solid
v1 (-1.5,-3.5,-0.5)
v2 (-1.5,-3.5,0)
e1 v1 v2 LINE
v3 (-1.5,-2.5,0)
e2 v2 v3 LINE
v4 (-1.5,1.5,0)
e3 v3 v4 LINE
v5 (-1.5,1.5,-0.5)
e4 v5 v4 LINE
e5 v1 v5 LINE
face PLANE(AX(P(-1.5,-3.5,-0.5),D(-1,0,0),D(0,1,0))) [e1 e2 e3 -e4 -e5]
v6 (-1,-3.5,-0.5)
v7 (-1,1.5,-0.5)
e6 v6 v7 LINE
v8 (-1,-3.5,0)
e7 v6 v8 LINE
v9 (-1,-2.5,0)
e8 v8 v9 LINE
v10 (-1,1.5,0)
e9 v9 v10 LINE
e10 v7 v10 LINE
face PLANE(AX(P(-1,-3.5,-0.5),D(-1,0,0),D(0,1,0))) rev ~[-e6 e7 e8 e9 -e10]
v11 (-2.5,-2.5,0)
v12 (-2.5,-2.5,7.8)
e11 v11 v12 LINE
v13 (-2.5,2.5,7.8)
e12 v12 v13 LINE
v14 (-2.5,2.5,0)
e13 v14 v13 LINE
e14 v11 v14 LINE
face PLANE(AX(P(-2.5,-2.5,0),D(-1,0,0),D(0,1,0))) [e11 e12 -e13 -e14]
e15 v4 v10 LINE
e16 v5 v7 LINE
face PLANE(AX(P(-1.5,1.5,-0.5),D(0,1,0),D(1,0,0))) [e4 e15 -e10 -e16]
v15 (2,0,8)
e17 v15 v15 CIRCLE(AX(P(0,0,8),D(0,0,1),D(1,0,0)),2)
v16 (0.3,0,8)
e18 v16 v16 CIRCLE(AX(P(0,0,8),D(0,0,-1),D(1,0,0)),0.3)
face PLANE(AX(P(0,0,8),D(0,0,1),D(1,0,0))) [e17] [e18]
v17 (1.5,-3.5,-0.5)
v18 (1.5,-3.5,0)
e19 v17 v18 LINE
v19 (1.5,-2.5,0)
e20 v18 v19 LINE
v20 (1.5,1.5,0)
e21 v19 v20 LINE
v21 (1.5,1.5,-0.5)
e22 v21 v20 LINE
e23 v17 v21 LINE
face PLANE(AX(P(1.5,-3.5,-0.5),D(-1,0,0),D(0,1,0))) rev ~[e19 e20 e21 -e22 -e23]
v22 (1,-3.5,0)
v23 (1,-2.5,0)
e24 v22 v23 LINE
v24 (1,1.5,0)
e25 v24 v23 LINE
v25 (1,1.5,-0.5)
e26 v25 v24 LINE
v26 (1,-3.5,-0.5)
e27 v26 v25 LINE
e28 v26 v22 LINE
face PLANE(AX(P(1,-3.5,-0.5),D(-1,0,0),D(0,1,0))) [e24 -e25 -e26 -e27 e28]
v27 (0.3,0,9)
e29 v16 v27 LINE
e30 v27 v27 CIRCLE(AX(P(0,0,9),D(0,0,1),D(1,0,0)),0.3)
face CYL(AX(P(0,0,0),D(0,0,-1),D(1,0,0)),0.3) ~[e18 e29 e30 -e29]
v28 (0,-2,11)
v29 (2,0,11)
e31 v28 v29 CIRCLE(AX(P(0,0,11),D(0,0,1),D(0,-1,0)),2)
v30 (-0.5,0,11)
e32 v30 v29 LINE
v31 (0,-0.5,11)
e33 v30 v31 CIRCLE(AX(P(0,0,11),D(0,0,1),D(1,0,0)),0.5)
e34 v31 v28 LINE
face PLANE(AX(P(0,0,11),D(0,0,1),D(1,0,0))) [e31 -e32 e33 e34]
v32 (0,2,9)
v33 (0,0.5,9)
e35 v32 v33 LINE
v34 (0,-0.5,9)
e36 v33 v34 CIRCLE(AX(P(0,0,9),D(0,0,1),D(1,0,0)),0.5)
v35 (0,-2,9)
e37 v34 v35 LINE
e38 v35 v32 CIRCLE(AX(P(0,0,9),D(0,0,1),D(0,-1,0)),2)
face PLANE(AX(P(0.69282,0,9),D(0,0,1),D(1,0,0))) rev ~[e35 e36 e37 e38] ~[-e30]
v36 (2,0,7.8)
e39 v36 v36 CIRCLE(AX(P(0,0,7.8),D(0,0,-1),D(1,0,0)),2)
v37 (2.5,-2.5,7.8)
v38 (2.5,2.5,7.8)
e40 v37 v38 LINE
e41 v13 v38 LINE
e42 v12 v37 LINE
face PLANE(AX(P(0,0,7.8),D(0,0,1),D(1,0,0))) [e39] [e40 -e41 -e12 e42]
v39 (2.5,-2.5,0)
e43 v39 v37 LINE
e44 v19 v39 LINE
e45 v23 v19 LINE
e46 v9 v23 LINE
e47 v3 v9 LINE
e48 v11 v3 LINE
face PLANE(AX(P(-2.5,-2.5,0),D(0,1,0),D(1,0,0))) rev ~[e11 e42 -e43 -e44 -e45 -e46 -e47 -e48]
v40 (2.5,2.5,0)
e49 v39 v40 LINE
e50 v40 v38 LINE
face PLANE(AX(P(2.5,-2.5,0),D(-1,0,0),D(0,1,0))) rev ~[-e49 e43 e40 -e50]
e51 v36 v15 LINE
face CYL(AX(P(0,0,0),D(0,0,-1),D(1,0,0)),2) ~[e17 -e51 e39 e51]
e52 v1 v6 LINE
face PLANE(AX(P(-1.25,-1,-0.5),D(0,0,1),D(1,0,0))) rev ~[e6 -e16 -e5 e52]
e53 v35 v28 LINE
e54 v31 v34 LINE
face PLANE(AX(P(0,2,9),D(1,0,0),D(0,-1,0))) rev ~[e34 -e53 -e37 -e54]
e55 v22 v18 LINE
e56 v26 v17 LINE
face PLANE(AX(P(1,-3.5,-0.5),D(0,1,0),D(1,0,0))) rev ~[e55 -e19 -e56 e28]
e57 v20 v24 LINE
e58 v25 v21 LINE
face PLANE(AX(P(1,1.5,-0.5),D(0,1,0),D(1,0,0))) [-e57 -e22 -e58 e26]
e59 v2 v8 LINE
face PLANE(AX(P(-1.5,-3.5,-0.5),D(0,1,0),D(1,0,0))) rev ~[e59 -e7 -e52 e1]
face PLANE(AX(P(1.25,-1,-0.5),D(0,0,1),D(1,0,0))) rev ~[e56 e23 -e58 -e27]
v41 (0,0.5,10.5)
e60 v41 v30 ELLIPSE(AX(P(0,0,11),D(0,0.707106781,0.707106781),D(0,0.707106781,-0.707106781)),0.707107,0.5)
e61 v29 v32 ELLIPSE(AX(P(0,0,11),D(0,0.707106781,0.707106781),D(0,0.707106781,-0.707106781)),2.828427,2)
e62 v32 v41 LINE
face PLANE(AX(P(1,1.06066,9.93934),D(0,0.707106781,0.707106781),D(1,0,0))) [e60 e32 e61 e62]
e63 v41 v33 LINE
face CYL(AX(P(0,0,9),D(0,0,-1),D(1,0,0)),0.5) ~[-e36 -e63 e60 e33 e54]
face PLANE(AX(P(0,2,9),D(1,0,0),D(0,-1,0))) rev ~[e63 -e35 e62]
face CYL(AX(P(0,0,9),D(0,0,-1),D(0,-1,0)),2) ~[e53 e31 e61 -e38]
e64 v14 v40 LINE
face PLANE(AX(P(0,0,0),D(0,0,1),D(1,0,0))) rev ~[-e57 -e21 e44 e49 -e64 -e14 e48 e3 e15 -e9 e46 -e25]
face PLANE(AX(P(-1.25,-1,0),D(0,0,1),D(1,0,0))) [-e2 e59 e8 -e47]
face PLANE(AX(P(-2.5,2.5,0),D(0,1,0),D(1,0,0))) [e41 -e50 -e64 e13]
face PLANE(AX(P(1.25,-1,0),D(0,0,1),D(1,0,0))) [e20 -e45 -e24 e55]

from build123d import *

# Parameters (mm, degrees)
BOX003_W          = 0.5
BOX003_H          = 5
BOX003_DEPTH      = 0.5
BOX001_W          = 5
BOX001_H          = 5
BOX001_DEPTH      = 7.8
BOX002_W          = 0.5
BOX002_H          = 5
BOX002_DEPTH      = 0.5
BOX_W             = 4
BOX_H             = 3
BOX_DEPTH         = 2
BOX_ROLL_ANGLE    = -45
CYLINDER001_R     = 0.3
CYLINDER001_DEPTH = 11
CYLINDER_R        = 2
CYLINDER_DEPTH    = 8
CYLINDER002_R     = 0.5
CYLINDER002_DEPTH = 2
PAD_DEPTH         = 2


with BuildPart() as w_rfel003:
    # Box003 → Box003 (new body)
    with BuildSketch(Plane(origin=(1, -3.5, -0.5), x_dir=(1, 0, 0), z_dir=(0, 0, 1))):
        with Locations((0.25, 2.5)):
            Rectangle(BOX003_W, BOX003_H)
    extrude(amount=BOX003_DEPTH)


with BuildPart() as w_rfel001:
    # Box001 → Box001 (new body)
    with BuildSketch(Plane(origin=(-2.5, -2.5, 0), x_dir=(1, 0, 0), z_dir=(0, 0, 1))):
        with Locations((2.5, 2.5)):
            Rectangle(BOX001_W, BOX001_H)
    extrude(amount=BOX001_DEPTH)


with BuildPart() as w_rfel002:
    # Box002 → Box002 (new body)
    with BuildSketch(Plane(origin=(-1.5, -3.5, -0.5), x_dir=(1, 0, 0), z_dir=(0, 0, 1))):
        with Locations((0.25, 2.5)):
            Rectangle(BOX002_W, BOX002_H)
    extrude(amount=BOX002_DEPTH)


with BuildPart() as w_rfel:
    # Box → Box (new body)
    with BuildSketch(Plane.XY):
        with Locations((2, 1.5)):
            Rectangle(BOX_W, BOX_H)
    extrude(amount=BOX_DEPTH)


with BuildPart() as w_rfel_1:
    # Box roll: moved
    add(w_rfel.part.rotate(Axis((0, 0, 0), (1, 0, 0)), BOX_ROLL_ANGLE))


with BuildPart() as w_rfel_2:
    # Box placement: moved
    add(w_rfel_1.part.moved(Location((-1, 0, 11))))


with BuildPart() as achse:
    # Cylinder001 → Cylinder001 (new body)
    with BuildSketch(Plane.XY):
        Circle(CYLINDER001_R)
    extrude(amount=CYLINDER001_DEPTH)


with BuildPart() as motor:
    # Cylinder → Cylinder (new body)
    with BuildSketch(Plane.XY):
        Circle(CYLINDER_R)
    extrude(amount=CYLINDER_DEPTH)


with BuildPart() as zylinder:
    # Cylinder002 → Cylinder002 (new body)
    with BuildSketch(Plane.XY.offset(9)):
        Circle(CYLINDER002_R)
    extrude(amount=CYLINDER002_DEPTH)


with BuildPart() as motor001:
    # Sketch → Pad (new body)
    with BuildSketch(Plane.XY.offset(9)):
        with BuildLine():
            Line((0, 2), (0, -2))
            ThreePointArc((0, -2), (2, 0), (0, 2))
        make_face()
    extrude(amount=PAD_DEPTH)

    # Fusion: union Achse, Motor, Zylinder
    add(achse.part)
    add(motor.part)
    add(zylinder.part)

    # Cut: cut Würfel
    add(w_rfel_2.part, mode=Mode.SUBTRACT)

    # Fusion001: union Würfel003, Würfel001, Würfel002
    add(w_rfel003.part)
    add(w_rfel001.part)
    add(w_rfel002.part)


solid = motor001.part
